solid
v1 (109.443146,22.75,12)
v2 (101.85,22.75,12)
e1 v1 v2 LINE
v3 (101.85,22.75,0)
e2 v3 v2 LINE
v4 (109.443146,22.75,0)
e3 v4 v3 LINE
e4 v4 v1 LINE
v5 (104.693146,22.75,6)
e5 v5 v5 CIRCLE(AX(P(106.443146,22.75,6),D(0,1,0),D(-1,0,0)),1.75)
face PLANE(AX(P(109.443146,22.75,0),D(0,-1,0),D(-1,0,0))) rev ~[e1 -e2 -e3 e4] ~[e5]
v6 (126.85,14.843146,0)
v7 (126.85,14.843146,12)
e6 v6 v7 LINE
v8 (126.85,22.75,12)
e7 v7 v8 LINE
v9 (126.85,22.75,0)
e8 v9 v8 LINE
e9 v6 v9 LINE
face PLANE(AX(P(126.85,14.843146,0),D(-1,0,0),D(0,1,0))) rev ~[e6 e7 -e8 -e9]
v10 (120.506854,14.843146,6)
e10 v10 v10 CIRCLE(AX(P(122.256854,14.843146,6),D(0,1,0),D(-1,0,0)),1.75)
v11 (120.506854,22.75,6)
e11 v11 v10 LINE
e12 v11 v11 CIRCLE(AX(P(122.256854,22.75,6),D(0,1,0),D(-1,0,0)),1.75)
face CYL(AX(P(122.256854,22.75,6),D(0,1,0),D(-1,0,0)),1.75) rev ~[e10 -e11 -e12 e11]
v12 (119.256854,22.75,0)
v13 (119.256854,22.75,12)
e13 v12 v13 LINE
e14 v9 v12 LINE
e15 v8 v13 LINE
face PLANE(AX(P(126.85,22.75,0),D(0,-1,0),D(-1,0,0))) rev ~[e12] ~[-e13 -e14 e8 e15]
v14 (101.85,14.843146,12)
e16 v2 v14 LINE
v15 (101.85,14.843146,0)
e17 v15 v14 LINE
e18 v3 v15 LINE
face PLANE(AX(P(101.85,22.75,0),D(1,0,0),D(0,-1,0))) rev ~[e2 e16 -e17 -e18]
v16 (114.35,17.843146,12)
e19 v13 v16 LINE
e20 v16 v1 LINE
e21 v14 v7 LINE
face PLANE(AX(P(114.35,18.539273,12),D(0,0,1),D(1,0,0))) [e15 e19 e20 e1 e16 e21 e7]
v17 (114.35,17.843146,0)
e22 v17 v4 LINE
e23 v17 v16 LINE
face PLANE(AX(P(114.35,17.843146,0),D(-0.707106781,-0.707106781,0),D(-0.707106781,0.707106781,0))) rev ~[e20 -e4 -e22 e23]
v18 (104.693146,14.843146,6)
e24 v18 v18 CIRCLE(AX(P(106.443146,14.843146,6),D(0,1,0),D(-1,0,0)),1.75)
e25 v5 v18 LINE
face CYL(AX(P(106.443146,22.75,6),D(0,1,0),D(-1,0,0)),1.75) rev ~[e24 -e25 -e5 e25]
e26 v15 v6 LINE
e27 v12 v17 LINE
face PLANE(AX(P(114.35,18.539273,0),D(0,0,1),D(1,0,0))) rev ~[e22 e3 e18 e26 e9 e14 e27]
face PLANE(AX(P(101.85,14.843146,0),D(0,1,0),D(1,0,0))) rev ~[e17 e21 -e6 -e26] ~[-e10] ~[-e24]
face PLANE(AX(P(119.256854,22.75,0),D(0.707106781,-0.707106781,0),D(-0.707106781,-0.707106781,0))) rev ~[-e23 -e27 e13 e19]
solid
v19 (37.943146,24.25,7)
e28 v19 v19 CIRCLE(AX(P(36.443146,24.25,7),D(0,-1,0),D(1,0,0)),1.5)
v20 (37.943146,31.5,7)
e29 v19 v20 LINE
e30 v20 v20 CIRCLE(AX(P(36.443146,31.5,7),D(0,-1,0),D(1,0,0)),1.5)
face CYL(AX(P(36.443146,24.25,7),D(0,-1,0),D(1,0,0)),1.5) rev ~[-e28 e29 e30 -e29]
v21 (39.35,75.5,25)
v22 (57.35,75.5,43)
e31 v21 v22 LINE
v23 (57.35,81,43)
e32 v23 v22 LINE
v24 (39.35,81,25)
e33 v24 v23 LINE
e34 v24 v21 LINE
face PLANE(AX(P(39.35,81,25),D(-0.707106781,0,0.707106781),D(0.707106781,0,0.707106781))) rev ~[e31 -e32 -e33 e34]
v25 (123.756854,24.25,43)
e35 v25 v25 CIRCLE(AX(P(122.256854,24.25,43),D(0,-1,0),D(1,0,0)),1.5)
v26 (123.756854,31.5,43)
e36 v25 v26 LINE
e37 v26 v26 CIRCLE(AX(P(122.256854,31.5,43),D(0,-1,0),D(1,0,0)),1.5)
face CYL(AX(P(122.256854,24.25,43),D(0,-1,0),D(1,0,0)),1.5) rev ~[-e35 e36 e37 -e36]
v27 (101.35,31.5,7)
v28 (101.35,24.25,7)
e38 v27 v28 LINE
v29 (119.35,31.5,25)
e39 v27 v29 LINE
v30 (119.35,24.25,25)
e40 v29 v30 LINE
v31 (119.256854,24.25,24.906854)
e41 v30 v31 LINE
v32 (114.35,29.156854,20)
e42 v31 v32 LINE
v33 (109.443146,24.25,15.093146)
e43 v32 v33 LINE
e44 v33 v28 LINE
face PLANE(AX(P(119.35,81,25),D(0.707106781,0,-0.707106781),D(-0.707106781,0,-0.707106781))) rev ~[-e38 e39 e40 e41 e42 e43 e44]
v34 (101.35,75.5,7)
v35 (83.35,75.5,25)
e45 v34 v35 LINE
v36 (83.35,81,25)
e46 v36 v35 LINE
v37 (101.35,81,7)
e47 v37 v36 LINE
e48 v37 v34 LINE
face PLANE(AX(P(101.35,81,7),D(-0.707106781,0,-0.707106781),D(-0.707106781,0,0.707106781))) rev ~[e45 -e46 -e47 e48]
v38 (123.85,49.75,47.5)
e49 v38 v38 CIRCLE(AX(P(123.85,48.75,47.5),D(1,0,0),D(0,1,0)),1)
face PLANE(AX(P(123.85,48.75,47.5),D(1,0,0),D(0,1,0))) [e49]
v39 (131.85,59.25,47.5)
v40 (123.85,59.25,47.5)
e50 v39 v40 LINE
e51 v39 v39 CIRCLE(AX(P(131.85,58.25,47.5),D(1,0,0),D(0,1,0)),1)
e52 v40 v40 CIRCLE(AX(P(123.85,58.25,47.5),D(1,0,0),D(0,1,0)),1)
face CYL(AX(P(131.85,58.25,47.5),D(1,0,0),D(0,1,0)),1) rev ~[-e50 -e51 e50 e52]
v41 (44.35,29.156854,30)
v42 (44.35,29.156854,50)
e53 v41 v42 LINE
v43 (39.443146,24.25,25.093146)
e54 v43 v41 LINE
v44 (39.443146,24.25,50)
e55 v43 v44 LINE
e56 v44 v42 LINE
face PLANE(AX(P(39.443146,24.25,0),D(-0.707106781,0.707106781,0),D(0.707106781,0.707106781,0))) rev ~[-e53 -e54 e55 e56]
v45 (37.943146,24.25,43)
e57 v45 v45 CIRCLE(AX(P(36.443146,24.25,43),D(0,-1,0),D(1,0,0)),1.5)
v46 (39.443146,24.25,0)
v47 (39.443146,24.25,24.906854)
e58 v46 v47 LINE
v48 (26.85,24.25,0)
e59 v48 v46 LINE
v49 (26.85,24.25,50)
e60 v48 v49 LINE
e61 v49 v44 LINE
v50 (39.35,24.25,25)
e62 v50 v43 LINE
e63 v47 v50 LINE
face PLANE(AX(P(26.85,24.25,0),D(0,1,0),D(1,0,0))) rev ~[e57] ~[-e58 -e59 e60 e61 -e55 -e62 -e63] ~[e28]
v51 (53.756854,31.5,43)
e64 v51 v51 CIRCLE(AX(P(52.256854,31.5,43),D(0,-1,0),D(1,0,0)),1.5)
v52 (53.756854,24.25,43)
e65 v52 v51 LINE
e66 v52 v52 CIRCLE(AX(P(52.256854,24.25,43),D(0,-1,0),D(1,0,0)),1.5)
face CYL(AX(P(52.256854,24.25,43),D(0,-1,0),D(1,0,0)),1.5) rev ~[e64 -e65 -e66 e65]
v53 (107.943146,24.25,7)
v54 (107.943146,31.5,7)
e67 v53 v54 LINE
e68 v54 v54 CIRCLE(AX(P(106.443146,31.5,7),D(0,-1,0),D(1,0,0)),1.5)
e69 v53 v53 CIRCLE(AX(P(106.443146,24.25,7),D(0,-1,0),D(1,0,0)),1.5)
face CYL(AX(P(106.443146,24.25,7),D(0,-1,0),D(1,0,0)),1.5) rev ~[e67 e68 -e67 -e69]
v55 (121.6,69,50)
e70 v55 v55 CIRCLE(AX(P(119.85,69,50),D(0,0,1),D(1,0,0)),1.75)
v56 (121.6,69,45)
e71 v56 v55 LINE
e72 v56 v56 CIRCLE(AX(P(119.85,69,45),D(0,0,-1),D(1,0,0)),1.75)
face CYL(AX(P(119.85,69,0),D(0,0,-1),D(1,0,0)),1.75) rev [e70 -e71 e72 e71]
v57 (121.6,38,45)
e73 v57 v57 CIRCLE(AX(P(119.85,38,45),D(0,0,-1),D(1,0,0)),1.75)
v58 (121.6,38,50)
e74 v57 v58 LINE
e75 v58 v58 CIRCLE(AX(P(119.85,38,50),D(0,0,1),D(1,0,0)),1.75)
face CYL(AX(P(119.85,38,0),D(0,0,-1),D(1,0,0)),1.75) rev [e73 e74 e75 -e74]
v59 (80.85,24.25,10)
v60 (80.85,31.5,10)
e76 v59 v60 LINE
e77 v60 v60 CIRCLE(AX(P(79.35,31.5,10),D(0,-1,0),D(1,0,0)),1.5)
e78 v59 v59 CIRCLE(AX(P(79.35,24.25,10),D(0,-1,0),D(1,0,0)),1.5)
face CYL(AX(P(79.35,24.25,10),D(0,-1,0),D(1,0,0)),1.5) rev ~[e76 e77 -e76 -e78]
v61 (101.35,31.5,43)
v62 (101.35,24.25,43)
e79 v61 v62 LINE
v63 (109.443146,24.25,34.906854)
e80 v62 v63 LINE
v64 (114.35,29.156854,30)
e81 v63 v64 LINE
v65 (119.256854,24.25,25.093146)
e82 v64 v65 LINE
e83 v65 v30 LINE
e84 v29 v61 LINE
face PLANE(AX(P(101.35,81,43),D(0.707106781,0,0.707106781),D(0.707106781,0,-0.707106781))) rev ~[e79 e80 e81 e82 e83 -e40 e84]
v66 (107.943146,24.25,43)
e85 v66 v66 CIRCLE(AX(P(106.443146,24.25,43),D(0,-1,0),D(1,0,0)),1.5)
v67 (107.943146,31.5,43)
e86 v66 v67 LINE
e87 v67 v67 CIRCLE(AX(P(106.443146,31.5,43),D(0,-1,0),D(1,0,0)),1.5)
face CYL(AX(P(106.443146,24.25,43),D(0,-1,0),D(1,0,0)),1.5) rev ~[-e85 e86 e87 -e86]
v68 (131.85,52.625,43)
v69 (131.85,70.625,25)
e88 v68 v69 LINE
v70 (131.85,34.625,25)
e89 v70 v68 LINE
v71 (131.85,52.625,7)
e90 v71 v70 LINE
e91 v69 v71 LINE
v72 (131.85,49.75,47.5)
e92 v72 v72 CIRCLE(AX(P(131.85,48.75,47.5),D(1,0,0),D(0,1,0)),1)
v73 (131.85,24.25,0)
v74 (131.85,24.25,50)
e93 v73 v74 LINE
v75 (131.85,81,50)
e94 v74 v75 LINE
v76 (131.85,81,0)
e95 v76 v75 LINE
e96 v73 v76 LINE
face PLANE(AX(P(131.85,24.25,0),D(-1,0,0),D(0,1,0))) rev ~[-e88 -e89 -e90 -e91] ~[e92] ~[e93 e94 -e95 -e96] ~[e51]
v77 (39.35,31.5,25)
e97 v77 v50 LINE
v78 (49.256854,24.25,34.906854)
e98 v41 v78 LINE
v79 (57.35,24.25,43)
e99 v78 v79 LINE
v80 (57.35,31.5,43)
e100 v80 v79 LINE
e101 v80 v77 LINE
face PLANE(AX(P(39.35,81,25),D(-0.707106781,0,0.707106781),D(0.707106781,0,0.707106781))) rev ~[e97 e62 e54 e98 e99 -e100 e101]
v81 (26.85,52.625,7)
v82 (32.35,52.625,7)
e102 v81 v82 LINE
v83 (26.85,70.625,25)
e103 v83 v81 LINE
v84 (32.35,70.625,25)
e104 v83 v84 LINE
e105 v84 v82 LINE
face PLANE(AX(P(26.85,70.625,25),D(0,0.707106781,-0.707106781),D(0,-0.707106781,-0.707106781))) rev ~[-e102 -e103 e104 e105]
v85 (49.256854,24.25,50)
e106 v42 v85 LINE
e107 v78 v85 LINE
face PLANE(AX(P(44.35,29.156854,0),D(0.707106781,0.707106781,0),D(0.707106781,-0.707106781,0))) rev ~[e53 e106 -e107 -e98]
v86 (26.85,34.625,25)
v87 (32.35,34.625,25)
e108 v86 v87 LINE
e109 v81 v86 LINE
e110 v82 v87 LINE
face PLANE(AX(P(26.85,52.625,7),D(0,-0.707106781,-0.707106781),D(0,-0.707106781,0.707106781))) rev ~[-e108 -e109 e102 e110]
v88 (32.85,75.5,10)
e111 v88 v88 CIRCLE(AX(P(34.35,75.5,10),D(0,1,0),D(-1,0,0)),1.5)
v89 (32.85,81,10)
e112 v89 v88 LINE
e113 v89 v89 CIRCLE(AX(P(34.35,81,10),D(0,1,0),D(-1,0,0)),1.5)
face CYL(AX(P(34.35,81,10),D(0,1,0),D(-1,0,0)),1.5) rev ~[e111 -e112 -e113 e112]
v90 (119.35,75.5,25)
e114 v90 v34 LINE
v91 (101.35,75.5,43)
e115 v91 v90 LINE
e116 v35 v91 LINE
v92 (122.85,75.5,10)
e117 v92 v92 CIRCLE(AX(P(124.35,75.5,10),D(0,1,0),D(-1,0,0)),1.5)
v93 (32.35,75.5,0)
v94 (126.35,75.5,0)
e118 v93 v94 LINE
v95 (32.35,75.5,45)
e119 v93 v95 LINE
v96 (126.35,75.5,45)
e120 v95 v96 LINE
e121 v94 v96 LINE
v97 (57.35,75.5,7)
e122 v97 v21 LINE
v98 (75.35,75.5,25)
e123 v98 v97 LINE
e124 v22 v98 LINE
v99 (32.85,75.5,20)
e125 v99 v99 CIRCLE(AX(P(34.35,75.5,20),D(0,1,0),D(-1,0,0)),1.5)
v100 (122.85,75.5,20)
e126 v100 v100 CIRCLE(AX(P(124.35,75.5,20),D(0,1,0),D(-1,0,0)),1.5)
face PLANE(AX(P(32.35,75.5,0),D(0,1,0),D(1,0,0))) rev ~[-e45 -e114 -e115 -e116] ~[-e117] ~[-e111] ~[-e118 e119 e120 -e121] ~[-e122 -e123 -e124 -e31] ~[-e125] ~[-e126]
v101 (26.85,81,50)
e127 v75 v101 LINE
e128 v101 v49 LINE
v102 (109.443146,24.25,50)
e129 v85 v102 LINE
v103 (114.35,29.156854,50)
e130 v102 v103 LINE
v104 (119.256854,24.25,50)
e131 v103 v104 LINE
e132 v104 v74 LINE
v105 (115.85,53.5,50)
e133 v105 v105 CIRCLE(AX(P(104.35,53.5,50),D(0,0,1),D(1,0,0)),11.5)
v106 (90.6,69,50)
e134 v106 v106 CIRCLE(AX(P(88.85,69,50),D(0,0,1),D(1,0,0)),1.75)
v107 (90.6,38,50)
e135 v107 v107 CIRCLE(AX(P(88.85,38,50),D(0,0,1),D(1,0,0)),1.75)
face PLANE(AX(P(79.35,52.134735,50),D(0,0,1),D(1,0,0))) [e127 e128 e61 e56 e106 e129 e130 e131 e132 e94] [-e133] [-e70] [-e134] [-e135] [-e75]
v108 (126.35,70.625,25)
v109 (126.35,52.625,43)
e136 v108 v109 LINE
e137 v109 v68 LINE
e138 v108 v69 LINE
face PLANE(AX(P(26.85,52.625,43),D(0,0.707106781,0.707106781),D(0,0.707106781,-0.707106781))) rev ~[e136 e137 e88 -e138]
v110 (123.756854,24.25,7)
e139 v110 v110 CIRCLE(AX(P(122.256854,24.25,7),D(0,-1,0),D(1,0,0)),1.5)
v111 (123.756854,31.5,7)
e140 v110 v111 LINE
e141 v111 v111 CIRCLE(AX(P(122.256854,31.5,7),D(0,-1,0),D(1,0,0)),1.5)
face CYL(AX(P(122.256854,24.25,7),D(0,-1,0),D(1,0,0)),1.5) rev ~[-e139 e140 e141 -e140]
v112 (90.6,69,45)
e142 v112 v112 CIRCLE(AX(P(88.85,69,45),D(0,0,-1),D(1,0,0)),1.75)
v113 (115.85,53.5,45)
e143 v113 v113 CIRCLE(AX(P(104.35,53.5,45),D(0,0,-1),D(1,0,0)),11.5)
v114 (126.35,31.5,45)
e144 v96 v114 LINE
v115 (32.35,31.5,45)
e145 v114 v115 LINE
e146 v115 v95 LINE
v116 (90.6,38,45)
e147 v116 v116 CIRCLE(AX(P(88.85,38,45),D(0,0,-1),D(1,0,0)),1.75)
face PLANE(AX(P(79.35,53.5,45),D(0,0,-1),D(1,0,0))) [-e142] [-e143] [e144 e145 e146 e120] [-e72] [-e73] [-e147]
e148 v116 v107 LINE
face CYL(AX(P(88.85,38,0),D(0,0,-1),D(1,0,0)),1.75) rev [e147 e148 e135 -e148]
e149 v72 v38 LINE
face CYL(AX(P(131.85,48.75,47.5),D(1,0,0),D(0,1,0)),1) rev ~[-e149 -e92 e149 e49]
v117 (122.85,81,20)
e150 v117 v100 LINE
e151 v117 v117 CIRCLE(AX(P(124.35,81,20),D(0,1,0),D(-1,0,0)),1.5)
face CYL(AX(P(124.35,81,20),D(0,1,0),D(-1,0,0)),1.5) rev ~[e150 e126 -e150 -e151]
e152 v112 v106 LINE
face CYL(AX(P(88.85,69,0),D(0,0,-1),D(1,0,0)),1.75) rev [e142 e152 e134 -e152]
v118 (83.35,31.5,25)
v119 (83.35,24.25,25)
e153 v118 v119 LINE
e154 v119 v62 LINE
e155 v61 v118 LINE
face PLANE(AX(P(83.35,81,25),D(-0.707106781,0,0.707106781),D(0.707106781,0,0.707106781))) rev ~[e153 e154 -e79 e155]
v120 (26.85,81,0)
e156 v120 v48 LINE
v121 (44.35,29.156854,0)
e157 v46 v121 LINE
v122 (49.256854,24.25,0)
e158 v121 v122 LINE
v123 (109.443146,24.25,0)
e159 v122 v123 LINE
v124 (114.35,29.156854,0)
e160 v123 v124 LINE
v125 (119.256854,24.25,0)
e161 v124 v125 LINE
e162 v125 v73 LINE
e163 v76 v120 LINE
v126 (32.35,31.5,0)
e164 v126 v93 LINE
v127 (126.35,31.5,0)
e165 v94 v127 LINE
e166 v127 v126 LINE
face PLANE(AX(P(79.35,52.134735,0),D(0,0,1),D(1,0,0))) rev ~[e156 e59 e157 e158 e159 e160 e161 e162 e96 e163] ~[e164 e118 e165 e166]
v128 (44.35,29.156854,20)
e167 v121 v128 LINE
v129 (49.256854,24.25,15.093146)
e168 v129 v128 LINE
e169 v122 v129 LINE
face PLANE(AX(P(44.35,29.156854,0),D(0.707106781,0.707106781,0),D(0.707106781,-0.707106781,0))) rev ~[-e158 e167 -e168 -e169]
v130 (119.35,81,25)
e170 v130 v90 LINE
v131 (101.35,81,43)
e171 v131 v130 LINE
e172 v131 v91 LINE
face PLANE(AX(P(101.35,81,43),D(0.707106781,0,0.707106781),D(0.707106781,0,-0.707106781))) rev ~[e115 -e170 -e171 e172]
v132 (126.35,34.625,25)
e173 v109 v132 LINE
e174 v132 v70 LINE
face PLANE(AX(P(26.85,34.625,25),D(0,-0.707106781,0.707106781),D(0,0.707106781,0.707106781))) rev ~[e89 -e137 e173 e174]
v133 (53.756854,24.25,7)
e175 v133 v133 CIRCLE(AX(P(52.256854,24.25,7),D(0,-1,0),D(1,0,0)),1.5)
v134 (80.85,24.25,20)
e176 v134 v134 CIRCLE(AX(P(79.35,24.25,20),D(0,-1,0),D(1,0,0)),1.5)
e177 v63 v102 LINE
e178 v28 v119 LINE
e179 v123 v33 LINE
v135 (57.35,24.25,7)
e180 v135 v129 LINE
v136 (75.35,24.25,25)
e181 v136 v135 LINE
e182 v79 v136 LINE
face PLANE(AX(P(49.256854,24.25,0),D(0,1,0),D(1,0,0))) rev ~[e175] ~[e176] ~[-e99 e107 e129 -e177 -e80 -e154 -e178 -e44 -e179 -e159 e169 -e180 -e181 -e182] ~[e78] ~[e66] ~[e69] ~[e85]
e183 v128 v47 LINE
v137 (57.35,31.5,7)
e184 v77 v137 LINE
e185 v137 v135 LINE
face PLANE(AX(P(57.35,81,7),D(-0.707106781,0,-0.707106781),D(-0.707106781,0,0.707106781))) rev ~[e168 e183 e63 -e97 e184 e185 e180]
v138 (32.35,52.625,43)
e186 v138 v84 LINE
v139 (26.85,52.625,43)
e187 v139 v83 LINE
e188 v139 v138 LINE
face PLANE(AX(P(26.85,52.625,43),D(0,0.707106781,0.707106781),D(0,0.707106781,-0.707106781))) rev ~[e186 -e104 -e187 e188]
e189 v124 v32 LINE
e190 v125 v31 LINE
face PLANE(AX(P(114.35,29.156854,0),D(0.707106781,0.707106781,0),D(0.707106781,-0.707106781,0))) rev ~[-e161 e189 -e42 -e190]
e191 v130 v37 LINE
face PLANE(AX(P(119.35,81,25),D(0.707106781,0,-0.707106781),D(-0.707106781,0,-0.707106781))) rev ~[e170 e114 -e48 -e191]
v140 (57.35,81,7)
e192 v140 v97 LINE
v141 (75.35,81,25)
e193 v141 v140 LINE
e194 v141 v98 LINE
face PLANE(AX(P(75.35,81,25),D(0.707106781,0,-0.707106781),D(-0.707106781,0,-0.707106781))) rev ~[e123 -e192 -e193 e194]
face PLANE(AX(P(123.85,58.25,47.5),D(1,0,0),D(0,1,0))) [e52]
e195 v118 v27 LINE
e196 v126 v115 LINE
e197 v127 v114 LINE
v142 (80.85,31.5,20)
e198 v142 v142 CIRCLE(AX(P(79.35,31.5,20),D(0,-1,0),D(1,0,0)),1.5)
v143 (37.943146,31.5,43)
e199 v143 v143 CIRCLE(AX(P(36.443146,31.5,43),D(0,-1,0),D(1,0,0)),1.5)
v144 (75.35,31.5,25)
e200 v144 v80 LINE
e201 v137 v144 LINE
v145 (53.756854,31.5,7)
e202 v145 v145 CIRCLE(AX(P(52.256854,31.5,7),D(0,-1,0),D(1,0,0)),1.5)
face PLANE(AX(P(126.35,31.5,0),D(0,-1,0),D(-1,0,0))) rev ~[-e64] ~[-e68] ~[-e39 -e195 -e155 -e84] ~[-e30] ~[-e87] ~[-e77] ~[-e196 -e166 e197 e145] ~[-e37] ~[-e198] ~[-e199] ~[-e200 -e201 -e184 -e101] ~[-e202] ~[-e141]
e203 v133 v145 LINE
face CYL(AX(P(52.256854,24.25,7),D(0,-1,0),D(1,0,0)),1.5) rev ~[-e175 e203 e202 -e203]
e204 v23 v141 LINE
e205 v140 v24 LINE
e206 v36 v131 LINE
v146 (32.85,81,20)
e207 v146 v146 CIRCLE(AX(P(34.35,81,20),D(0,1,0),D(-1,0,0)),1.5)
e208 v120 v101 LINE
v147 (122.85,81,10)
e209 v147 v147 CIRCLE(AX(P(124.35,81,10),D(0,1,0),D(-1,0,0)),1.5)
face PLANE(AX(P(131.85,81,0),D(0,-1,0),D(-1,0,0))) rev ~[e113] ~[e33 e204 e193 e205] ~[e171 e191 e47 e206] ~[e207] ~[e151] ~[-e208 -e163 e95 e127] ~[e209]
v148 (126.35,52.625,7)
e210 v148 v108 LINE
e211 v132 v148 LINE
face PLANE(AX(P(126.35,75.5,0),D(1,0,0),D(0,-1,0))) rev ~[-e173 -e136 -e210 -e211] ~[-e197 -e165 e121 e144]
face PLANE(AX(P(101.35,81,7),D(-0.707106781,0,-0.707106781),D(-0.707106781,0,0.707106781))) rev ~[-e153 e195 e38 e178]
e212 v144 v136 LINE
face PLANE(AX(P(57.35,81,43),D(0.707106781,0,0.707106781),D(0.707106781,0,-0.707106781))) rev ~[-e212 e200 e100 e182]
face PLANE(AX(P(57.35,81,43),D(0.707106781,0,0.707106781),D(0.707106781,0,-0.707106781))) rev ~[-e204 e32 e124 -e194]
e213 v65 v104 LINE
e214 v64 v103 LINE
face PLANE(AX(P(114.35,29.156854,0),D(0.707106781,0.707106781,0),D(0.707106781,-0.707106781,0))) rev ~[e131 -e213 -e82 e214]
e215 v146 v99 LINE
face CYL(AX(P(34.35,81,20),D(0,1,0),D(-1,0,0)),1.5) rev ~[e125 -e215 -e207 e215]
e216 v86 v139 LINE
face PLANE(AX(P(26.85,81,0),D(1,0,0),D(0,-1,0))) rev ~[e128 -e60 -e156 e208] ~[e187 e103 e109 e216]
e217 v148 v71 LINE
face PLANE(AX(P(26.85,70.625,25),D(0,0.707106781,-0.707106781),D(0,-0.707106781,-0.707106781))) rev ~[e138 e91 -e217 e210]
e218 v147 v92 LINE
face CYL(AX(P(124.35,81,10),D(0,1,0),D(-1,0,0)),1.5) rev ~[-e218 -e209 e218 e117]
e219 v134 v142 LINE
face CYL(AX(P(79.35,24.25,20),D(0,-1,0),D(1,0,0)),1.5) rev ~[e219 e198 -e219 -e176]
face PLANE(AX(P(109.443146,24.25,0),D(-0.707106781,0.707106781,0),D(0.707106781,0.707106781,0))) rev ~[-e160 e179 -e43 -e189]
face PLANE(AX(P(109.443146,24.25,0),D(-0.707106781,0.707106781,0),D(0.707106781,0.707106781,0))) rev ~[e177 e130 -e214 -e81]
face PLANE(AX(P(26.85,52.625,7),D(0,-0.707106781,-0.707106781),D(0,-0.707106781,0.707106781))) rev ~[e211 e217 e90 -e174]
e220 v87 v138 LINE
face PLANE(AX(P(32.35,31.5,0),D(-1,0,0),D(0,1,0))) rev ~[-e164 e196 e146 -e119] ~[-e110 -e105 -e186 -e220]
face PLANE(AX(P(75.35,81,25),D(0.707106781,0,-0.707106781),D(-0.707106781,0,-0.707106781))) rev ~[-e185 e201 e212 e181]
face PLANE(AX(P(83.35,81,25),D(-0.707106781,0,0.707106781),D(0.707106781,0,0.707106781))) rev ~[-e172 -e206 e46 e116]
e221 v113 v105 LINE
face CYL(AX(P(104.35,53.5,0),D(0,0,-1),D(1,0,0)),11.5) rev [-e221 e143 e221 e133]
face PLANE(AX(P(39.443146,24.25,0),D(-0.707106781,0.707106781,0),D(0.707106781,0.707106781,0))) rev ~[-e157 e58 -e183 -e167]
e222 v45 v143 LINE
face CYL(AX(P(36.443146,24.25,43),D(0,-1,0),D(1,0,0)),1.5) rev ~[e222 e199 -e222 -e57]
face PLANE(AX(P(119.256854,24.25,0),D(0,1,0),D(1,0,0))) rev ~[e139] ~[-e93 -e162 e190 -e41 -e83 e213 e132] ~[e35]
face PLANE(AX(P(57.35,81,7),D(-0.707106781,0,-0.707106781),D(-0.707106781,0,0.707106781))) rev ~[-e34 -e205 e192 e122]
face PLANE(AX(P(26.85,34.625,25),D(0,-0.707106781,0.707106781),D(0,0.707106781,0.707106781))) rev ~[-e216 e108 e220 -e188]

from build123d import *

# Parameters (mm, degrees)
PAD001_DEPTH    = 12
SKETCH003_R     = 1.75
POCKET001_DEPTH = 7.907854
SKETCH_R        = 11.5
SKETCH_R_2      = 1.75
PAD_DEPTH       = 50
POCKET_DEPTH    = 45
SKETCH004_R     = 1.5
POCKET002_DEPTH = 8
POCKET003_DEPTH = 56.751
SKETCH007_R     = 1.5
POCKET004_DEPTH = 6
POCKET005_DEPTH = 105.001
SKETCH009_R     = 1
POCKET006_DEPTH = 8


with BuildPart() as zrodclamp:
    # Sketch001 → Pad001 (new body)
    with BuildSketch(Plane.XY):
        Polygon((126.85, 22.75), (119.256854, 22.75), (114.35, 17.843146), (109.443146, 22.75), (101.85, 22.75), (101.85, 14.843146), (126.85, 14.843146), align=None)
    extrude(amount=PAD001_DEPTH)

    # Sketch003 → Pocket001 (cut, through all)
    with BuildSketch(Plane(origin=(0, 22.75, 0), x_dir=(-1, 0, 0), z_dir=(0, 1, 0))):
        with Locations((-122.256854, 6)):
            Circle(SKETCH003_R)
        with Locations((-106.443146, 6)):
            Circle(SKETCH003_R)
    extrude(amount=-POCKET001_DEPTH, mode=Mode.SUBTRACT)


with BuildPart() as pocket006:
    # Sketch → Pad (new body)
    with BuildSketch(Plane.XY):
        Polygon((39.443146, 24.25), (44.35, 29.156854), (49.256854, 24.25), (109.443146, 24.25), (114.35, 29.156854), (119.256854, 24.25), (131.85, 24.25), (131.85, 81), (26.85, 81), (26.85, 24.25), align=None)
        with Locations((104.35, 53.5)):
            Circle(SKETCH_R, mode=Mode.SUBTRACT)
        with Locations((88.85, 69)):
            Circle(SKETCH_R_2, mode=Mode.SUBTRACT)
        with Locations((119.85, 69)):
            Circle(SKETCH_R_2, mode=Mode.SUBTRACT)
        with Locations((88.85, 38)):
            Circle(SKETCH_R_2, mode=Mode.SUBTRACT)
        with Locations((119.85, 38)):
            Circle(SKETCH_R_2, mode=Mode.SUBTRACT)
    extrude(amount=PAD_DEPTH)

    # Sketch002 → Pocket (cut)
    with BuildSketch(Plane(origin=(0, 0, 0), x_dir=(1, 0, 0), z_dir=(0, 0, -1))):
        Polygon((126.35, -75.5), (126.35, -31.5), (82.35, -31.5), (32.35, -31.5), (32.35, -75.5), (82.35, -75.5), align=None)
    extrude(amount=-POCKET_DEPTH, mode=Mode.SUBTRACT)

    # Sketch004 → Pocket002 (cut)
    with BuildSketch(Plane.XZ.offset(-24.25)):
        with Locations((36.443146, 7)):
            Circle(SKETCH004_R)
        with Locations((52.256854, 7)):
            Circle(SKETCH004_R)
        with Locations((79.35, 20)):
            Circle(SKETCH004_R)
        with Locations((79.35, 10)):
            Circle(SKETCH004_R)
        with Locations((106.443146, 7)):
            Circle(SKETCH004_R)
        with Locations((122.256854, 7)):
            Circle(SKETCH004_R)
        with Locations((36.443146, 43)):
            Circle(SKETCH004_R)
        with Locations((52.256854, 43)):
            Circle(SKETCH004_R)
        with Locations((106.443146, 43)):
            Circle(SKETCH004_R)
        with Locations((122.256854, 43)):
            Circle(SKETCH004_R)
    extrude(amount=-POCKET002_DEPTH, mode=Mode.SUBTRACT)

    # Sketch006 → Pocket003 (cut, through all)
    with BuildSketch(Plane(origin=(0, 81, 0), x_dir=(-1, 0, 0), z_dir=(0, 1, 0))):
        Polygon((-83.35, 25), (-101.35, 43), (-119.35, 25), (-101.35, 7), align=None)
        Polygon((-39.35, 25), (-57.35, 43), (-75.35, 25), (-57.35, 7), align=None)
    extrude(amount=-POCKET003_DEPTH, mode=Mode.SUBTRACT)

    # Sketch007 → Pocket004 (cut)
    with BuildSketch(Plane(origin=(0, 81, 0), x_dir=(-1, 0, 0), z_dir=(0, 1, 0))):
        with Locations((-124.35, 20)):
            Circle(SKETCH007_R)
        with Locations((-124.35, 10)):
            Circle(SKETCH007_R)
        with Locations((-34.35, 20)):
            Circle(SKETCH007_R)
        with Locations((-34.35, 10)):
            Circle(SKETCH007_R)
    extrude(amount=-POCKET004_DEPTH, mode=Mode.SUBTRACT)

    # Sketch008 → Pocket005 (cut, through all)
    with BuildSketch(Plane(origin=(26.85, 0, 0), x_dir=(0, -1, 0), z_dir=(-1, 0, 0))):
        Polygon((-52.625, 7), (-34.625, 25), (-52.625, 43), (-70.625, 25), align=None)
    extrude(amount=-POCKET005_DEPTH, mode=Mode.SUBTRACT)

    # Sketch009 → Pocket006 (cut)
    with BuildSketch(Plane.YZ.offset(131.85)):
        with Locations((48.75, 47.5)):
            Circle(SKETCH009_R)
        with Locations((58.25, 47.5)):
            Circle(SKETCH009_R)
    extrude(amount=-POCKET006_DEPTH, mode=Mode.SUBTRACT)


solid = Compound([zrodclamp.part, pocket006.part])
